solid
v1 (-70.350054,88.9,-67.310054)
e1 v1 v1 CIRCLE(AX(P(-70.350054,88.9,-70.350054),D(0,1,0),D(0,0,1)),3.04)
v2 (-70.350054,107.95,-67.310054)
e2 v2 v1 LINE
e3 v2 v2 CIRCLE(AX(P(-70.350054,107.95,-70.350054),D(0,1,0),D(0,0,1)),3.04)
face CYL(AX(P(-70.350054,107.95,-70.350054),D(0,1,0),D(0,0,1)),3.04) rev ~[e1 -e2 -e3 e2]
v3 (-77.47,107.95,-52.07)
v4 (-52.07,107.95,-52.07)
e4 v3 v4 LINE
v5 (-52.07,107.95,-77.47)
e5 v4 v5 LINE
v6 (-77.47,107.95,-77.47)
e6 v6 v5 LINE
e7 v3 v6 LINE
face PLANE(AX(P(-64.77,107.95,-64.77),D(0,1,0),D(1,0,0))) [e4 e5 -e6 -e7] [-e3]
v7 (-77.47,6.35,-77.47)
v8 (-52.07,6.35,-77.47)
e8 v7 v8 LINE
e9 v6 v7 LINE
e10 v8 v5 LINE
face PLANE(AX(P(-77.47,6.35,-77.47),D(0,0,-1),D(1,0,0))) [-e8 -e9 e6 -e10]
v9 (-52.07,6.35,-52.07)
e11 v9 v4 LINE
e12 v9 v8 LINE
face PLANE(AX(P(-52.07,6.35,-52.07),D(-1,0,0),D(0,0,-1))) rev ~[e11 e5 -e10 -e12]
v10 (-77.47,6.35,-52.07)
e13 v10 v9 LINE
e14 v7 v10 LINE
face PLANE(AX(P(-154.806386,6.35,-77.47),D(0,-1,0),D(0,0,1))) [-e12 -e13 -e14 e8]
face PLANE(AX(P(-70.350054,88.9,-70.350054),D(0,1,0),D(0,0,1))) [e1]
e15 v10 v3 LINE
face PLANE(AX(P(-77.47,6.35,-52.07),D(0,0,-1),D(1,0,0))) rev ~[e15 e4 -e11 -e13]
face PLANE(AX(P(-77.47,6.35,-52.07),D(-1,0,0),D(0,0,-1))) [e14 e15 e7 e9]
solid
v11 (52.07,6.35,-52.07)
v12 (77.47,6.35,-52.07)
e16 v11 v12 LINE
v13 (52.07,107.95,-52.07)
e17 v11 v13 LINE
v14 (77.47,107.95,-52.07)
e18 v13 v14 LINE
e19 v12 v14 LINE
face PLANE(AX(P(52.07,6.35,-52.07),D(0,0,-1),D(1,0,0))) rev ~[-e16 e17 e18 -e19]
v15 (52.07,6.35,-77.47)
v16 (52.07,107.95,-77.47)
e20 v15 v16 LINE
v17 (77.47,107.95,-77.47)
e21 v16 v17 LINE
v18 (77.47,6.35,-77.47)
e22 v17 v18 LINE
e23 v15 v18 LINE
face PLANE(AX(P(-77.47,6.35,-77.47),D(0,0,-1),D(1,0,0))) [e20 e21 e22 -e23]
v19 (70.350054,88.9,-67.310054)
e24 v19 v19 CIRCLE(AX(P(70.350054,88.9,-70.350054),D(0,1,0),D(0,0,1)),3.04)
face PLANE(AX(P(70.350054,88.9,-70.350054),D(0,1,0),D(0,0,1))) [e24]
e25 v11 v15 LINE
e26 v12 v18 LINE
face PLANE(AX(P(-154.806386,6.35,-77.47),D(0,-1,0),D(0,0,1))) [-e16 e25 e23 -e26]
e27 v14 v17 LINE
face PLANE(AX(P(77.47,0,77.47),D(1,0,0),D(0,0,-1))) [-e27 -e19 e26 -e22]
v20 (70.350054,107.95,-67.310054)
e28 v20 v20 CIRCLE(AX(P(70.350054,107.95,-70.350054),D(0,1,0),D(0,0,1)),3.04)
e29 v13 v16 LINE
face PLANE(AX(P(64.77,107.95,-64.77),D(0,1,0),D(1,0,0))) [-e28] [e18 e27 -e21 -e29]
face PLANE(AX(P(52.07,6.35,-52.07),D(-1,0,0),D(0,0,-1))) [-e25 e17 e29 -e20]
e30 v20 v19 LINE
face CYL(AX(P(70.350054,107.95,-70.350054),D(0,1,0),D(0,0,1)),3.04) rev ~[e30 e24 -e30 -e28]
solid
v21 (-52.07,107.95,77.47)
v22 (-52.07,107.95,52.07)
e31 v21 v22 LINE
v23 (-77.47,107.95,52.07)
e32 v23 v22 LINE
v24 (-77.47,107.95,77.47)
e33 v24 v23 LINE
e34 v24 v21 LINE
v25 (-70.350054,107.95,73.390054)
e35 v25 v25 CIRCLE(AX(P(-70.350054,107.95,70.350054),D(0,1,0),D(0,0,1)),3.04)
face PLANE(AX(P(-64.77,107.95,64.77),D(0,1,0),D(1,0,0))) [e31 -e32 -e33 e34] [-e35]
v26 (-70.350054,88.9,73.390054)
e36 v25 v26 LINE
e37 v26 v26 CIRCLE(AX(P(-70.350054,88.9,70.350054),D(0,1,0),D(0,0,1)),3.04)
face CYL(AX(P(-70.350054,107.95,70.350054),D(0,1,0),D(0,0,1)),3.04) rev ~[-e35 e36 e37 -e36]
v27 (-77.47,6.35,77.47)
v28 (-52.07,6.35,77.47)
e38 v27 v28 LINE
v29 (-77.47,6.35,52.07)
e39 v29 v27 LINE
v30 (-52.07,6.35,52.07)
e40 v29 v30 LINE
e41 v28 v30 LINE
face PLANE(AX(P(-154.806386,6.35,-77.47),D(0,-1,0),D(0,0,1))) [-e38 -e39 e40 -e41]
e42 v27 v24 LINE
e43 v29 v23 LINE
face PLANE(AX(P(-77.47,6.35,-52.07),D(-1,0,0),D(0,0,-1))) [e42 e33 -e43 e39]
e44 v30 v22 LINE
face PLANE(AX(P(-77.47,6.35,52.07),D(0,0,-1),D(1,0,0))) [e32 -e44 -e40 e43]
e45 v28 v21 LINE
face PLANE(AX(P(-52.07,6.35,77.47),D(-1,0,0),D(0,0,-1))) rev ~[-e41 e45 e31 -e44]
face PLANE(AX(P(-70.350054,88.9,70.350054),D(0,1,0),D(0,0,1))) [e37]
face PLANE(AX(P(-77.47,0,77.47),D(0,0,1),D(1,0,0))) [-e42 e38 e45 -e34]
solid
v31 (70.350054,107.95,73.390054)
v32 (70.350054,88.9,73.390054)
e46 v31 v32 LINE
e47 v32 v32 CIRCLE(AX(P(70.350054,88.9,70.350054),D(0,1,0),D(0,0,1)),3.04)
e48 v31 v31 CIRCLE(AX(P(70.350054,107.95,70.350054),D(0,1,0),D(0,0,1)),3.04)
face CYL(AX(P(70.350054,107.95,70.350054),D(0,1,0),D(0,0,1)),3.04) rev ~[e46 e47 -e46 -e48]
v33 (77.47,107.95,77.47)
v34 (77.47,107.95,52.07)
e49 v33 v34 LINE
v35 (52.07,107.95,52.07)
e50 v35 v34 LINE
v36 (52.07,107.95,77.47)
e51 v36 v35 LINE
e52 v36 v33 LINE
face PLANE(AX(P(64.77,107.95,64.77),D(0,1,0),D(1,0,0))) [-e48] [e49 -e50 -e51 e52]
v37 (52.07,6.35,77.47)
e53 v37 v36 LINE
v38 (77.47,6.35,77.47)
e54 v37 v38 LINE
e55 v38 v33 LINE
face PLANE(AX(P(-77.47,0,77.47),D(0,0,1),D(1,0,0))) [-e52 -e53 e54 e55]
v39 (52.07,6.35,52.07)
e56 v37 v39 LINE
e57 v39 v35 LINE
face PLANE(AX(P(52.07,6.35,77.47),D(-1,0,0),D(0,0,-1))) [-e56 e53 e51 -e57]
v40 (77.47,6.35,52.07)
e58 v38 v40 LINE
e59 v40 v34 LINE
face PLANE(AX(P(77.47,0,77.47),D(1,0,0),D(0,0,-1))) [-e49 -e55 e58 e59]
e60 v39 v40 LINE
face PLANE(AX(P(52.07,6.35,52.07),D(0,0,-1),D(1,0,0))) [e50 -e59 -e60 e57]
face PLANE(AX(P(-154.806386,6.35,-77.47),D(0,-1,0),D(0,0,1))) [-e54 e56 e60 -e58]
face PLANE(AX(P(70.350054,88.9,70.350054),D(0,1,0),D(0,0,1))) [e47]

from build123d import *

# Parameters (mm, degrees)
SKETCH3_W               = 154.94
SKETCH3_H               = 154.94
BOSS_EXTRUDE3_DEPTH     = 6.35
SKETCH4_W               = 25.4
SKETCH4_H               = 25.4
BOSS_EXTRUDE4_DEPTH     = 101.6
SKETCH5_R               = 3.04
CUT_EXTRUDE1_DEPTH      = 19.05
CUT_EXTRUDE2_DEPTH      = 154.806385758
CUT_EXTRUDE2_DEPTH_BACK = 154.806385758


with BuildPart() as part:
    # Sketch3 → Boss-Extrude3 (new, symmetric)
    with BuildSketch(Plane(origin=(0, 0, 0), x_dir=(1, 0, 0), z_dir=(0, 1, 0))):
        Rectangle(SKETCH3_W, SKETCH3_H)
    extrude(amount=BOSS_EXTRUDE3_DEPTH, both=True)

    # Sketch4 → Boss-Extrude4 (add)
    with BuildSketch(Plane(origin=(0, 6.35, 0), x_dir=(1, 0, 0), z_dir=(0, 1, 0))):
        with Locations((-64.77, 64.77)):
            Rectangle(SKETCH4_W, SKETCH4_H)
        with Locations((64.77, 64.77)):
            Rectangle(SKETCH4_W, SKETCH4_H)
        with Locations((64.77, -64.77)):
            Rectangle(SKETCH4_W, SKETCH4_H)
        with Locations((-64.77, -64.77)):
            Rectangle(SKETCH4_W, SKETCH4_H)
    extrude(amount=BOSS_EXTRUDE4_DEPTH)

    # Sketch5 → Cut-Extrude1 (cut)
    with BuildSketch(Plane(origin=(0, 107.95, 0), x_dir=(1, 0, 0), z_dir=(0, 1, 0))):
        with Locations(Location((70.35005366, 70.35005366, 0), (0, 0, 270))):
            Circle(SKETCH5_R)
        with Locations(Location((-70.35005366, 70.35005366, 0), (0, 0, 270))):
            Circle(SKETCH5_R)
        with Locations(Location((-70.35005366, -70.35005366, 0), (0, 0, 270))):
            Circle(SKETCH5_R)
        with Locations(Location((70.35005366, -70.35005366, 0), (0, 0, 270))):
            Circle(SKETCH5_R)
    extrude(amount=-CUT_EXTRUDE1_DEPTH, mode=Mode.SUBTRACT)

    # Sketch6 → Cut-Extrude2 (cut, two sides: drawn at the far end of the back side and taken through both)
    with BuildSketch(Plane(origin=(0, 0, 0), x_dir=(0, 0, -1), z_dir=(1, 0, 0)).offset(-CUT_EXTRUDE2_DEPTH_BACK)):
        Polygon((-52.07, 6.35), (-77.47, 6.35), (-77.47, -6.35), (77.47, -6.35), (77.47, 6.35), (52.07, 6.35), align=None)
    extrude(amount=CUT_EXTRUDE2_DEPTH + CUT_EXTRUDE2_DEPTH_BACK, mode=Mode.SUBTRACT)


with BuildPart() as cut_extrude2_piece_1:
    # of the separate pieces the step leaves, piece 1, a body of its own (cut_extrude2_pieces)
    add(part.part.solids().sort_by_distance((-77.47, 107.95, -77.47))[0])


with BuildPart() as cut_extrude2_piece_2:
    # of the separate pieces the step leaves, piece 2, a body of its own (cut_extrude2_pieces)
    add(part.part.solids().sort_by_distance((52.07, 6.35, -77.47))[0])


with BuildPart() as cut_extrude2_piece_3:
    # of the separate pieces the step leaves, piece 3, a body of its own (cut_extrude2_pieces)
    add(part.part.solids().sort_by_distance((-77.47, 107.95, 77.47))[0])


with BuildPart() as cut_extrude2_piece_4:
    # of the separate pieces the step leaves, piece 4, a body of its own (cut_extrude2_pieces)
    add(part.part.solids().sort_by_distance((52.07, 6.35, 77.47))[0])


solid = Compound([cut_extrude2_piece_1.part, cut_extrude2_piece_2.part, cut_extrude2_piece_3.part, cut_extrude2_piece_4.part])
